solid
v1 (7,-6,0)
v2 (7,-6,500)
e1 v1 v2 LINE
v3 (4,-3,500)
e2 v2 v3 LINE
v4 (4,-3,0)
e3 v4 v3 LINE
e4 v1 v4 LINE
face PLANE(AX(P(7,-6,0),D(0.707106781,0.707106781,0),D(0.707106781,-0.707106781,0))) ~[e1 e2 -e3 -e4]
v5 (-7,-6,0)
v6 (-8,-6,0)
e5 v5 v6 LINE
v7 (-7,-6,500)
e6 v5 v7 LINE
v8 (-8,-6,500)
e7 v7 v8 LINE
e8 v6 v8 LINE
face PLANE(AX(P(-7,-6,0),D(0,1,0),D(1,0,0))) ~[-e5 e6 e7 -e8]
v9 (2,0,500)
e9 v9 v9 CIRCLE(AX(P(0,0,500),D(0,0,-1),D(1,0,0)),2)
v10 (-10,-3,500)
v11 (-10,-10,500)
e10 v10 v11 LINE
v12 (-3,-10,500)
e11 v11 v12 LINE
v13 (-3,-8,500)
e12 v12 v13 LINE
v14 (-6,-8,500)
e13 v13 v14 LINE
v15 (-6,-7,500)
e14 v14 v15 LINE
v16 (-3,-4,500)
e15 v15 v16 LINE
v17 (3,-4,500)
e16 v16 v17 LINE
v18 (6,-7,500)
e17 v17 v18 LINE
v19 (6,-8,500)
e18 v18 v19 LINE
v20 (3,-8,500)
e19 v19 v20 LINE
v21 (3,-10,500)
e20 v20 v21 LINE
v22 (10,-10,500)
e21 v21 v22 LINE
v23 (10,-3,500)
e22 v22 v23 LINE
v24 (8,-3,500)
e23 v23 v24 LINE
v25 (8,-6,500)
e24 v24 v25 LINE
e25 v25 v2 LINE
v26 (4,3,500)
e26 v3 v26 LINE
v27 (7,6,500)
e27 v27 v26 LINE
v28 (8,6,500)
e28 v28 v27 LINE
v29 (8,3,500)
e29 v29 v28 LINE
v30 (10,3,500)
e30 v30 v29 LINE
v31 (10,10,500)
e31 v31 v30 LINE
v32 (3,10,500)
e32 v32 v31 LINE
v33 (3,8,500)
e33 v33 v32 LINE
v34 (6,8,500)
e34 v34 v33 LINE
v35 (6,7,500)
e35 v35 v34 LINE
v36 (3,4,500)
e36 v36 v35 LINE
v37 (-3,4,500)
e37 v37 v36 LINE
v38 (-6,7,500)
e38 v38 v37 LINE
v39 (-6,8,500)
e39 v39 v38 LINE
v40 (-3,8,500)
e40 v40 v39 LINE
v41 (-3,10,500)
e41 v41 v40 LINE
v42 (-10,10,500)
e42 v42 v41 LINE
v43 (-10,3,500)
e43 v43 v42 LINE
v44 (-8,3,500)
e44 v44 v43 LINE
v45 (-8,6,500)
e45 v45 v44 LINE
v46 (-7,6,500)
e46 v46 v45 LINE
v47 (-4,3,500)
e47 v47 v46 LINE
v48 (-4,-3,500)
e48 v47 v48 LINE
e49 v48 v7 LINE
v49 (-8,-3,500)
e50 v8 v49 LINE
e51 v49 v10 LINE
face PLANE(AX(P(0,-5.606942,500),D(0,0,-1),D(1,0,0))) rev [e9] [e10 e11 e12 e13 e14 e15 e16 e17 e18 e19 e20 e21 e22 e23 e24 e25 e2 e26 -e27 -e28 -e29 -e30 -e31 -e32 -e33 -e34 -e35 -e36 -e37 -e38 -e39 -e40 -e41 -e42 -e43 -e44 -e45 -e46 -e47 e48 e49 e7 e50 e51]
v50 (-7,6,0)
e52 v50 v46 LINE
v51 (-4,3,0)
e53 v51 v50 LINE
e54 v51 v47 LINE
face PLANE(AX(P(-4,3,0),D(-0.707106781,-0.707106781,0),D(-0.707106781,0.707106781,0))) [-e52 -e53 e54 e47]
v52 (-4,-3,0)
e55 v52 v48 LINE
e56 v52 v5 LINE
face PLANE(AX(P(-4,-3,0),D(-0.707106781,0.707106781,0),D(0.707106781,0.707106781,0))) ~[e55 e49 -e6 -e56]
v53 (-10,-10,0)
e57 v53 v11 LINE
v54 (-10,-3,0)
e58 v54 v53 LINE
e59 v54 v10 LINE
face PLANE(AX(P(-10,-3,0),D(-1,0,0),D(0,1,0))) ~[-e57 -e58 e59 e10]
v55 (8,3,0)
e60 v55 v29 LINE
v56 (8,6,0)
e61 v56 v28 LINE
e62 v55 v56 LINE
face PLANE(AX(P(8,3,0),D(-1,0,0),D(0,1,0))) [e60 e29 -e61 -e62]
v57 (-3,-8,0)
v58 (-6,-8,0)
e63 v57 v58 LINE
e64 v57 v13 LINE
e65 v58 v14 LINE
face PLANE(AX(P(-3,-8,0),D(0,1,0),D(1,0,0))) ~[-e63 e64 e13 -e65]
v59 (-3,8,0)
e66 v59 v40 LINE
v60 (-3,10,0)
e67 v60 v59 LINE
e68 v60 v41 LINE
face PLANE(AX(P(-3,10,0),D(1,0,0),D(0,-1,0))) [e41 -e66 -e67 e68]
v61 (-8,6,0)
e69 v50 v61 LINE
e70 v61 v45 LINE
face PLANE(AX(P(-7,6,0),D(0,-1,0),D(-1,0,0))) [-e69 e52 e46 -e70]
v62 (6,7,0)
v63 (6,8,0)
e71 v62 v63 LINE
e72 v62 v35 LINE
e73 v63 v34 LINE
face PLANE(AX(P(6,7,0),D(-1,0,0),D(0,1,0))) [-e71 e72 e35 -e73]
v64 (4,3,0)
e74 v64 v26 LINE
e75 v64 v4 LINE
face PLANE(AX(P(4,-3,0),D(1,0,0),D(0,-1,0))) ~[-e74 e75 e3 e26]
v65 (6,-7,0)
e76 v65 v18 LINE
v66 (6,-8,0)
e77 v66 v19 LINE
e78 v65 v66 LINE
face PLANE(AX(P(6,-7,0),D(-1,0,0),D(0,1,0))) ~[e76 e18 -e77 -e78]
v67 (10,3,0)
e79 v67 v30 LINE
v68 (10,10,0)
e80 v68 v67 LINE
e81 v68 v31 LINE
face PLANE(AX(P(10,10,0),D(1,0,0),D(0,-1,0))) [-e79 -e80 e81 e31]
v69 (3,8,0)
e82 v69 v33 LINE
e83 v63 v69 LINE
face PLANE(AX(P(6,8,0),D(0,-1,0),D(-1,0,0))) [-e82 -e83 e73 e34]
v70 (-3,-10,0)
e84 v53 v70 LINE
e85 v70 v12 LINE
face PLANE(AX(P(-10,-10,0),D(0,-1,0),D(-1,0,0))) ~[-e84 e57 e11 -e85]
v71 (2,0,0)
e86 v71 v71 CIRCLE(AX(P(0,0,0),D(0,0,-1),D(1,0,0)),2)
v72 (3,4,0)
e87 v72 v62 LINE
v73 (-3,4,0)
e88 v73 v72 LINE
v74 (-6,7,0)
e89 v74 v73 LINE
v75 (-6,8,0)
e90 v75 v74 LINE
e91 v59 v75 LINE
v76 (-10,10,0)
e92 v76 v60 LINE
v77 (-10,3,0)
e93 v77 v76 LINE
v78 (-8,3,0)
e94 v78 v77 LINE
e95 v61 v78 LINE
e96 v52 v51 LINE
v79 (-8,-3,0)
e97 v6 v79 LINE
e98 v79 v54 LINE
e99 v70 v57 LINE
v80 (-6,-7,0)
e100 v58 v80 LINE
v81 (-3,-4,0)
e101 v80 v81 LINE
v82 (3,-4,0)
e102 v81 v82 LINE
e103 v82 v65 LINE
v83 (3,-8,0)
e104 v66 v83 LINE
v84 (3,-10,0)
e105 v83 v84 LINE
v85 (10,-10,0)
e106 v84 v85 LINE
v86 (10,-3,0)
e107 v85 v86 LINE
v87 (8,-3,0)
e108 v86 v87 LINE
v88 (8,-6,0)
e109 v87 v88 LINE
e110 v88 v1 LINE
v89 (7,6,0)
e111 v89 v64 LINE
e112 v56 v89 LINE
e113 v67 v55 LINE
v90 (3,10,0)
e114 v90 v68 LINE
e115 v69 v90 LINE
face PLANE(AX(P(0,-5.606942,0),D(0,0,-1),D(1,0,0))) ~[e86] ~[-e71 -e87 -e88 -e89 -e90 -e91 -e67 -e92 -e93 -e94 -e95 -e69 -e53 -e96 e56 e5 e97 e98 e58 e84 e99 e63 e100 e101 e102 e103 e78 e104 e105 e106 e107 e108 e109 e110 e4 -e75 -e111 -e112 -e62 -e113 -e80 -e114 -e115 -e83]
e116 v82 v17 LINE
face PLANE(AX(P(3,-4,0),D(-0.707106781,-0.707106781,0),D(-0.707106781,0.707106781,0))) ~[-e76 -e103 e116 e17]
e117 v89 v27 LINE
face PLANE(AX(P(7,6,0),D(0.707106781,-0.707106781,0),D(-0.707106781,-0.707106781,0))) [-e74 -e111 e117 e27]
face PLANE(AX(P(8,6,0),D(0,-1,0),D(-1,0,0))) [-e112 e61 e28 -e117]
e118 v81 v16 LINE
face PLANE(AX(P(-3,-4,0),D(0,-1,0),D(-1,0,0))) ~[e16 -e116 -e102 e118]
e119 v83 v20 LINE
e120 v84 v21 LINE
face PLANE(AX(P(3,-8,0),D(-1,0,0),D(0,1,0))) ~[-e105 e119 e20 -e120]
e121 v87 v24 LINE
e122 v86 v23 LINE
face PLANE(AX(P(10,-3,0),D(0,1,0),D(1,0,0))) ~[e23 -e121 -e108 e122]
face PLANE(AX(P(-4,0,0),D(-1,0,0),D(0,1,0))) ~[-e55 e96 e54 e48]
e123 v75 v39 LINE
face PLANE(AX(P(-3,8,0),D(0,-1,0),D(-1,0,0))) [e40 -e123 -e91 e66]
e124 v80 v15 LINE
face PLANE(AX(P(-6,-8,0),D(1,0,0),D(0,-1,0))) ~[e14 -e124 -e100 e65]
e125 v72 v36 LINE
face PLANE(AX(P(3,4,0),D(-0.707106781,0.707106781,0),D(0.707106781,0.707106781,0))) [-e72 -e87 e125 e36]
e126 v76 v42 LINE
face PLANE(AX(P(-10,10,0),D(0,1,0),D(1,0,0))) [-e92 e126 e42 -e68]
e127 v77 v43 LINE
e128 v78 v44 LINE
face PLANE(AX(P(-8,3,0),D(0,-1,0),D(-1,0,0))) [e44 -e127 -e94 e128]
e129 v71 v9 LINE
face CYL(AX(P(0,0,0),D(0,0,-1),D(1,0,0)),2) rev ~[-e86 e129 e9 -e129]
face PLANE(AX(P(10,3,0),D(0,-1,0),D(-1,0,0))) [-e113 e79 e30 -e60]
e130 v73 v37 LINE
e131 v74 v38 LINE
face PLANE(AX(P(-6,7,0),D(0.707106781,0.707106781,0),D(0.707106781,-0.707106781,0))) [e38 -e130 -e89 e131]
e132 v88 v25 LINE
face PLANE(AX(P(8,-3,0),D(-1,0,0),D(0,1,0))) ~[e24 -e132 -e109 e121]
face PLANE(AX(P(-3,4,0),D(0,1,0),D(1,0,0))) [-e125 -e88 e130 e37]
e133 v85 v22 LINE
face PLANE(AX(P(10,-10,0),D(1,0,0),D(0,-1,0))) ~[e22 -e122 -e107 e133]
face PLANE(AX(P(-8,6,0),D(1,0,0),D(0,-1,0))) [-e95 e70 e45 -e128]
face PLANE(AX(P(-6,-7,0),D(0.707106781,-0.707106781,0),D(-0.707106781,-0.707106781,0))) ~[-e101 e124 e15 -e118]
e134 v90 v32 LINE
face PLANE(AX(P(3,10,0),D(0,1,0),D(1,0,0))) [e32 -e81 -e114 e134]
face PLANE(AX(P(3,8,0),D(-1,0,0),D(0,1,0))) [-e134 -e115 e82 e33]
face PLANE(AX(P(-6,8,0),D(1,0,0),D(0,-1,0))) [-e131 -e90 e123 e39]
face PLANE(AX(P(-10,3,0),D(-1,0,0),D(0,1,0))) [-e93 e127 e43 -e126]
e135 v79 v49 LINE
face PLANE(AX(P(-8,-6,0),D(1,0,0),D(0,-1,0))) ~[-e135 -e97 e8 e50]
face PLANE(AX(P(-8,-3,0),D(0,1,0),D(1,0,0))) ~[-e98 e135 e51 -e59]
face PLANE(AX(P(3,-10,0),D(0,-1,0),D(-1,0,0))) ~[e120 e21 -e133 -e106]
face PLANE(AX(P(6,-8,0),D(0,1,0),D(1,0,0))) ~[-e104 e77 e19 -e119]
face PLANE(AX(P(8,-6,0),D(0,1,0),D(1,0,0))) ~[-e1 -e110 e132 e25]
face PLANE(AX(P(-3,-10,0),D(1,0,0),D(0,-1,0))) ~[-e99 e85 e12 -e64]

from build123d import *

# Parameters (mm, degrees)
PAD_DEPTH    = 500
SKETCH001_R  = 2
POCKET_DEPTH = 500.001


with BuildPart() as change_me_for_height:
    # Sketch → Pad (new body)
    with BuildSketch(Plane.XY):
        Polygon((-10, 3), (-10, 10), (-3, 10), (-3, 8), (-6, 8), (-6, 7), (-3, 4), (3, 4), (6, 7), (6, 8), (3, 8), (3, 10), (10, 10), (10, 3), (8, 3), (8, 6), (7, 6), (4, 3), (4, 0), (-4, 0), (-4, 3), (-7, 6), (-8, 6), (-8, 3), align=None)
    pad = extrude(amount=PAD_DEPTH)


with BuildPart() as mirrored:
    # Mirrored base: copy of Change_me_for_height
    add(change_me_for_height.part)

    # Mirrored: Pad across Sketch H_Axis
    add(pad.mirror(Plane.ZX))


with BuildPart() as pocket:
    # Fusion base: copy of Change_me_for_height
    add(change_me_for_height.part)

    # Fusion: union Mirrored
    add(mirrored.part)

    # Sketch001 → Pocket (cut, through all)
    with BuildSketch(Plane(origin=(0, 0, 0), x_dir=(1, 0, 0), z_dir=(0, 0, -1))):
        Circle(SKETCH001_R)
    extrude(amount=-POCKET_DEPTH, mode=Mode.SUBTRACT)


solid = pocket.part
